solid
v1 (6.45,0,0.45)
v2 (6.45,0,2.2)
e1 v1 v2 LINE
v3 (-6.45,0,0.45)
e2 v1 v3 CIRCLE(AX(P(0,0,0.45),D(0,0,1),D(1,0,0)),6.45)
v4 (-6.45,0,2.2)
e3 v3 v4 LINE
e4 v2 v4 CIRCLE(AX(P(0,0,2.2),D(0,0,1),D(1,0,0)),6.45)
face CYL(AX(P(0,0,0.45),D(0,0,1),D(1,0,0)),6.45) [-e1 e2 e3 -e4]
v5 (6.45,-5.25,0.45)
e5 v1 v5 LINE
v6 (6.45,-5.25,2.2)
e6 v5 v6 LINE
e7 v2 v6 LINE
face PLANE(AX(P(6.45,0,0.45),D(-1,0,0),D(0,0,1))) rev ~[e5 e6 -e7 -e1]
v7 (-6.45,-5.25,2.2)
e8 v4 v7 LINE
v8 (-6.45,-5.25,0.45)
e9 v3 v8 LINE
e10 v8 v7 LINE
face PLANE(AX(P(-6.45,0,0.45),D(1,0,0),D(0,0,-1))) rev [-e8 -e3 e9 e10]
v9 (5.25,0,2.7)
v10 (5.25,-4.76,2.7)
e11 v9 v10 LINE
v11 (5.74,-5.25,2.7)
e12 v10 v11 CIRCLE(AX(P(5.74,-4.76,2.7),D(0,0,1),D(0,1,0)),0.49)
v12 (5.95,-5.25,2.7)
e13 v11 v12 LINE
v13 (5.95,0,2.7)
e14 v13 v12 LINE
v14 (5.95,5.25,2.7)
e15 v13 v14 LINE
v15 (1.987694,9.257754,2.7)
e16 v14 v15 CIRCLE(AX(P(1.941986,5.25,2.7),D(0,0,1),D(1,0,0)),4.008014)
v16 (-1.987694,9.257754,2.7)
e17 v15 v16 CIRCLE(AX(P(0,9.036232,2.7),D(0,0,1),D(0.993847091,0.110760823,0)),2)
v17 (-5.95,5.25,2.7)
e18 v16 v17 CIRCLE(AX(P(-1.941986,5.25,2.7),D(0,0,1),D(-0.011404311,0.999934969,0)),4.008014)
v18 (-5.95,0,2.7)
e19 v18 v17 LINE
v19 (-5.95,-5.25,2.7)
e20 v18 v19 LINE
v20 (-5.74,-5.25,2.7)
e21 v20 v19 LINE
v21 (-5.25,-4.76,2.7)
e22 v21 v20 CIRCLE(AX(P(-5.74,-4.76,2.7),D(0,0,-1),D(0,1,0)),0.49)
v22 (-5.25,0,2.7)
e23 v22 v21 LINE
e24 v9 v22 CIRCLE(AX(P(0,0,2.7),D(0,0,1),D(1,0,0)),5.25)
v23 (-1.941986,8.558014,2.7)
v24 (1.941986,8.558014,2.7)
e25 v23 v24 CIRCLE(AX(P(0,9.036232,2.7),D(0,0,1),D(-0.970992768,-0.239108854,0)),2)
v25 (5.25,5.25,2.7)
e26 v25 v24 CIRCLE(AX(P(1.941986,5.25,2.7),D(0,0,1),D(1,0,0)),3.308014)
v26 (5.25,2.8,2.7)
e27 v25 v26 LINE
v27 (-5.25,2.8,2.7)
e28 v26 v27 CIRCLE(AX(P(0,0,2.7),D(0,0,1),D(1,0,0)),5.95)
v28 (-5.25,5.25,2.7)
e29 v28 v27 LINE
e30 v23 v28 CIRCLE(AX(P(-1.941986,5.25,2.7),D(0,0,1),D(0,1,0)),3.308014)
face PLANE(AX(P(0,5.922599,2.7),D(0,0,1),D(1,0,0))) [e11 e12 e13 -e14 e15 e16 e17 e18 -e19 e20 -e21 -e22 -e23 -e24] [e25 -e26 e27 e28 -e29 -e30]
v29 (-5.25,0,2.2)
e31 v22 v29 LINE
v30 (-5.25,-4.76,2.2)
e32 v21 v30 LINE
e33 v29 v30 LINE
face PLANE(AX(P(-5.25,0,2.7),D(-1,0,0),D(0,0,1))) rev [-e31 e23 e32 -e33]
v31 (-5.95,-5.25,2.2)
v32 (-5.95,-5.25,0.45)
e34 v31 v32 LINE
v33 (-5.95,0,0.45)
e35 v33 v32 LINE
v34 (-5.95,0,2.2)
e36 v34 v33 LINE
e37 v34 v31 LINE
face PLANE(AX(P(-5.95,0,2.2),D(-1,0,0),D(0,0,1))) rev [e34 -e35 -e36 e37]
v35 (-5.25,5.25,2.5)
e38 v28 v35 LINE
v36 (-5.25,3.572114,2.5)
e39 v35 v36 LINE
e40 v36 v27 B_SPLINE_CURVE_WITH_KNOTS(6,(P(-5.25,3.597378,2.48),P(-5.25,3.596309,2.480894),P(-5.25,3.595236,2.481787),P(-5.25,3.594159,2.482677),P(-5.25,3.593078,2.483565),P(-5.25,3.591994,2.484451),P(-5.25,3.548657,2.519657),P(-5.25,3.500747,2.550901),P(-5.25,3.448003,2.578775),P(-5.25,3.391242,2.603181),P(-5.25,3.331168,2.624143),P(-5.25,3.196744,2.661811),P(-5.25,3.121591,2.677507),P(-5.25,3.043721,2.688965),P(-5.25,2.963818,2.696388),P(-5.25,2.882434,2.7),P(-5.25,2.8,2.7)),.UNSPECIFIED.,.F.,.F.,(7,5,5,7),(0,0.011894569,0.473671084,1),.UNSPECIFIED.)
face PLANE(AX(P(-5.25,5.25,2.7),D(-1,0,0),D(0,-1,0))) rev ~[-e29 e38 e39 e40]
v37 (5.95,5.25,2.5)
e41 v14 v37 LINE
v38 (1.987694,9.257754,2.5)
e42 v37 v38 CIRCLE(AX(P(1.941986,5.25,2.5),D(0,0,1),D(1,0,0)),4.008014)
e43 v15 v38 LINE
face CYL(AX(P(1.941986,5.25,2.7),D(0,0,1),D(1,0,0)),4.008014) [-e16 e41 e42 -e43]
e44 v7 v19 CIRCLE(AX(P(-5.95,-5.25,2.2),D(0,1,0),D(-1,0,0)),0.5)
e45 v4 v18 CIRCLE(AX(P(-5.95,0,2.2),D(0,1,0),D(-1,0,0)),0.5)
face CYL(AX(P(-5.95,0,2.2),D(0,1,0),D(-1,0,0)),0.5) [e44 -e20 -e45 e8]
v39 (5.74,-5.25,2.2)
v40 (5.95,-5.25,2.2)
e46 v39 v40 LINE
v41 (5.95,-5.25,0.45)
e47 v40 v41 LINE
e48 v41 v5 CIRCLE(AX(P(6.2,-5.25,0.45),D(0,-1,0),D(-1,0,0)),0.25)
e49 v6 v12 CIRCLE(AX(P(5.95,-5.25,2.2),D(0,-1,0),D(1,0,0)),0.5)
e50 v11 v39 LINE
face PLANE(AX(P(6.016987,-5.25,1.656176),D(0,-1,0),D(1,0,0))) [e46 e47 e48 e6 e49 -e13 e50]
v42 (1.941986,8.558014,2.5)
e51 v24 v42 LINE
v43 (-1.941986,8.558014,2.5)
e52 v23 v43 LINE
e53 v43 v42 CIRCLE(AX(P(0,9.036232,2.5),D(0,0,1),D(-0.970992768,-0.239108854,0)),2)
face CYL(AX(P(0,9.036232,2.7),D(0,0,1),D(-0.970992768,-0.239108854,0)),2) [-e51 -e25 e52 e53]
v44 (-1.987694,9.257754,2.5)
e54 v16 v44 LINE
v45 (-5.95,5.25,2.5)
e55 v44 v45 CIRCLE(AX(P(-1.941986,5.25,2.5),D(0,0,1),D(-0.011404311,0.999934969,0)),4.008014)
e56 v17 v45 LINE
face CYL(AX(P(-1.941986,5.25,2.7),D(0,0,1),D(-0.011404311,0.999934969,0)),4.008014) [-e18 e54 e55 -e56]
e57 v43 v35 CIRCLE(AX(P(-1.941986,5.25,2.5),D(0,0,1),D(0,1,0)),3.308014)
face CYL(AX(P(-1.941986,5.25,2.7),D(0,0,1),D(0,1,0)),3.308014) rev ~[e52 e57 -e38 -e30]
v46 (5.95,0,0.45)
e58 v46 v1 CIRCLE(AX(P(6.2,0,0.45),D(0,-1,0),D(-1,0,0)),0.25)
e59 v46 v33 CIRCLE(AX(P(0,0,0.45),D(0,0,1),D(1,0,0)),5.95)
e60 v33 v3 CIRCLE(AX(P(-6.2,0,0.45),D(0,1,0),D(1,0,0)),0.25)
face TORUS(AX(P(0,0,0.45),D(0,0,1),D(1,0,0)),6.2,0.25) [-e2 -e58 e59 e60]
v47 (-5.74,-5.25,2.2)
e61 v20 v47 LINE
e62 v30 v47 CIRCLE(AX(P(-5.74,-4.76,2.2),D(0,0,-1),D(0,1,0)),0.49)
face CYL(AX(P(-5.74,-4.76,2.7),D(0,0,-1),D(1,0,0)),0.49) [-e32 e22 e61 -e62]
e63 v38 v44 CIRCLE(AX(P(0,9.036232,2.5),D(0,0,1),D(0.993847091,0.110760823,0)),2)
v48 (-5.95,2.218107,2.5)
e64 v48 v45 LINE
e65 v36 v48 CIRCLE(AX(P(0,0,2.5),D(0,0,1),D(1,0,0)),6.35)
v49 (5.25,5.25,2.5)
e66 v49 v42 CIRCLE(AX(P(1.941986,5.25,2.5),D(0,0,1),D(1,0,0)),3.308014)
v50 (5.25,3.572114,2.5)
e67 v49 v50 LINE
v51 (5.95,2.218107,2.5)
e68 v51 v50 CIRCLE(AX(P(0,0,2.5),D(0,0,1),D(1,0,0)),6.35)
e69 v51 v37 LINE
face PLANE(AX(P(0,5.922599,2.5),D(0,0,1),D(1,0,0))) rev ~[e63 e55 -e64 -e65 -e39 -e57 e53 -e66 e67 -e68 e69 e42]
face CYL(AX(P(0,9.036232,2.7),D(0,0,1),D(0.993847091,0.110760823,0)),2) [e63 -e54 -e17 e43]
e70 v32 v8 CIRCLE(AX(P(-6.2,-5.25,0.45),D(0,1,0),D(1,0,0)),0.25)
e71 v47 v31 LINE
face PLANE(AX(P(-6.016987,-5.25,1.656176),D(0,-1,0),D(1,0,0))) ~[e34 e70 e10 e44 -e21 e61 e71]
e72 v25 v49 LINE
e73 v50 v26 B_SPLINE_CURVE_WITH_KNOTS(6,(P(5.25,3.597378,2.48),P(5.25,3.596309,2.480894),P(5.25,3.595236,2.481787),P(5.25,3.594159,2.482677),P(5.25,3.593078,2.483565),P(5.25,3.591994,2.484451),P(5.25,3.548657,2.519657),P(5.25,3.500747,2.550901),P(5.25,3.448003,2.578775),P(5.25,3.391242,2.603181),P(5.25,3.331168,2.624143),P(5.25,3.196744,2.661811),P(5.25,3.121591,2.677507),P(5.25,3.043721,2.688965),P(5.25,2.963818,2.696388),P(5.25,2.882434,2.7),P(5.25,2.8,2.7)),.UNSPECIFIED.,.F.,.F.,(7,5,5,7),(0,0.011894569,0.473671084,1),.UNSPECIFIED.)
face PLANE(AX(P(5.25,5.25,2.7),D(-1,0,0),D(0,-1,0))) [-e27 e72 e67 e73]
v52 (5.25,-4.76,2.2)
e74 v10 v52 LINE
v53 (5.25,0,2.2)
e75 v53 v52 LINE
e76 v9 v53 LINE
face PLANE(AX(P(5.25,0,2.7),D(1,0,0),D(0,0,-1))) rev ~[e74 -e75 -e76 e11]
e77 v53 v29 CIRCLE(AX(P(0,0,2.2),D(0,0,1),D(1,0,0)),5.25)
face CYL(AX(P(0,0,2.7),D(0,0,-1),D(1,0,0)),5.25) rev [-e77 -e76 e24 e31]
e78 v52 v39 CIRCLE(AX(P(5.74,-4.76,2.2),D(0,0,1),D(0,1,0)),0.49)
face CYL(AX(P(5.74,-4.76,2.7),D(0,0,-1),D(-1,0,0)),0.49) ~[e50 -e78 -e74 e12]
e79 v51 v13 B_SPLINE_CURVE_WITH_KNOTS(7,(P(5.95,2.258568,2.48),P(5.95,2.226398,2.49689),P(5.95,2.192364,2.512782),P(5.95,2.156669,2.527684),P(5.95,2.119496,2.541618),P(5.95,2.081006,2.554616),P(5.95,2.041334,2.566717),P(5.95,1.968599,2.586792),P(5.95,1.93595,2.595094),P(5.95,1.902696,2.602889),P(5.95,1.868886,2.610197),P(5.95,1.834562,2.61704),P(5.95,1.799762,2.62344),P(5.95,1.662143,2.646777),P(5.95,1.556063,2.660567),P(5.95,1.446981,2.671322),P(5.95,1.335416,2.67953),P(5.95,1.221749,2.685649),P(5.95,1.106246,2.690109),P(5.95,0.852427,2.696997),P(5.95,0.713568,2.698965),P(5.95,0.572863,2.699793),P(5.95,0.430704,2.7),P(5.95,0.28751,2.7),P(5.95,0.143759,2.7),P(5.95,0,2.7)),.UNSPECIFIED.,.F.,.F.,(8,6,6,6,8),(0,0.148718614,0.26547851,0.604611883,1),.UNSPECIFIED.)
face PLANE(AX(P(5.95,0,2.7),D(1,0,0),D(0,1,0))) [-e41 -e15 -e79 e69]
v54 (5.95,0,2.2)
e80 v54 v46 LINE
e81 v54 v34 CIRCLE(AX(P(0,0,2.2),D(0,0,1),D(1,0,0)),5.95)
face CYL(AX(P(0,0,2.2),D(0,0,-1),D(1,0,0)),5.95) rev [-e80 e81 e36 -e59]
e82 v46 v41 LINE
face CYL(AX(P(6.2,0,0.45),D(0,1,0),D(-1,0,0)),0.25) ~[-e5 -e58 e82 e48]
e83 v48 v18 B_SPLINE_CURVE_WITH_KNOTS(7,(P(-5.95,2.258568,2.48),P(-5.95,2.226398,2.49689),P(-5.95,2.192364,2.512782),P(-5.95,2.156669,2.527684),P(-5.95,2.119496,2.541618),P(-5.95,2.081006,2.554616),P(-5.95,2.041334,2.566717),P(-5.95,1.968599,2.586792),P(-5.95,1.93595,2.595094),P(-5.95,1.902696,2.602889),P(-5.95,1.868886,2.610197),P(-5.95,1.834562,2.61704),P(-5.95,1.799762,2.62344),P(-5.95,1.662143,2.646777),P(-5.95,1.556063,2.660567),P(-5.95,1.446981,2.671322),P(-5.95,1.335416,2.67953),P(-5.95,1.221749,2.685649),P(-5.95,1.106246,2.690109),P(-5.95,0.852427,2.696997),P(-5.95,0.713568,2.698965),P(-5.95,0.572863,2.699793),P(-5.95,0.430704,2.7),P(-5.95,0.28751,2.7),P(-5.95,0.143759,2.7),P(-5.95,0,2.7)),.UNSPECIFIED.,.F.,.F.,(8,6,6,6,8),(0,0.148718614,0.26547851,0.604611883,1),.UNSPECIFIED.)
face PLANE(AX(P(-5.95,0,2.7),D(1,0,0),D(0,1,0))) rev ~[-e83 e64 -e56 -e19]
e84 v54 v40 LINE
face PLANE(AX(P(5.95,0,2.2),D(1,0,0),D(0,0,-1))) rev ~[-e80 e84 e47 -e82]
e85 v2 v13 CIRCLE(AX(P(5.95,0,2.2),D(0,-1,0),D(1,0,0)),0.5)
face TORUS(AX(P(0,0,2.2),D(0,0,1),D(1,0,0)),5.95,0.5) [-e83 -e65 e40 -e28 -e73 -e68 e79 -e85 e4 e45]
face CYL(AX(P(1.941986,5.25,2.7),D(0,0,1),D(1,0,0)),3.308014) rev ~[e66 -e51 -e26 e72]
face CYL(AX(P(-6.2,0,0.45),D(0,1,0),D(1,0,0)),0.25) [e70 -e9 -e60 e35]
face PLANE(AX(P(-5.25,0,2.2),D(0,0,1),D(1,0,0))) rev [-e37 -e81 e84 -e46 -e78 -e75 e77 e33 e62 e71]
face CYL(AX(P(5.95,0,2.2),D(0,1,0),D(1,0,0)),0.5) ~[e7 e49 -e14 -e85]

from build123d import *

# Parameters (mm, degrees)
REVOLUTION003_ANGLE = 180
PAD021_DEPTH        = 5.25
FILLET004_R         = 0.49
PAD022_DEPTH        = 0.2


with BuildPart() as part:
    # Sketch038 → Revolution003 (revolve)
    with BuildSketch(Plane.XZ):
        with BuildLine():
            Line((5.25, 2.7), (5.25, 2.2))
            Line((5.25, 2.2), (5.95, 2.2))
            Line((5.95, 2.2), (5.95, 0.45))
            ThreePointArc((5.95, 0.45), (6.2, 0.2), (6.45, 0.45))
            Line((6.45, 0.45), (6.45, 2.2))
            ThreePointArc((6.45, 2.2), (6.3035533906, 2.5535533906), (5.95, 2.7))
            Line((5.25, 2.7), (5.95, 2.7))
        make_face()
    revolve(axis=Axis((0, 0, 0), (0, 0, 1)), revolution_arc=REVOLUTION003_ANGLE)

    # Sketch038 → Pad021 (new body)
    with BuildSketch(Plane.XZ):
        with BuildLine():
            Line((5.25, 2.7), (5.25, 2.2))
            Line((5.25, 2.2), (5.95, 2.2))
            Line((5.95, 2.2), (5.95, 0.45))
            ThreePointArc((5.95, 0.45), (6.2, 0.2), (6.45, 0.45))
            Line((6.45, 0.45), (6.45, 2.2))
            ThreePointArc((6.45, 2.2), (6.3035533906, 2.5535533906), (5.95, 2.7))
            Line((5.25, 2.7), (5.95, 2.7))
        make_face()
    pad021 = extrude(amount=PAD021_DEPTH)

    # Mirrored: Pad021 across Sketch038 V_Axis
    add(pad021.mirror(Plane(origin=(0, 0, 0), x_dir=(0, -1, 0), z_dir=(1, 0, 0))))

    # Fillet004
    fillet004_edges = [part.edges().sort_by_distance(p)[0] for p in [
        (-5.25, -5.25, 2.45),
        (5.25, -5.25, 2.45),
    ]]
    fillet(fillet004_edges, radius=FILLET004_R)

    # Sketch045 → Pad022 (join)
    with BuildSketch(Plane.XY.offset(2.7)):
        with BuildLine():
            ThreePointArc((-1.9419855366, 8.5580144634), (0, 7.0362321709), (1.9419855366, 8.5580144634))
            ThreePointArc((5.25, 5.25), (4.2811049959, 7.5891194594), (1.9419855366, 8.5580144634))
            Line((5.25, 5.25), (5.25, 2.8))
            ThreePointArc((5.95, 0), (5.7723478759, 1.443086969), (5.25, 2.8))
            Line((5.95, 0), (5.95, 5.25))
            ThreePointArc((5.95, 5.25), (4.7921943754, 8.0678874204), (1.9876941818, 9.2577538171))
            ThreePointArc((1.9876941818, 9.2577538172), (0, 11.0362321709), (-1.9876941818, 9.2577538172))
            ThreePointArc((-1.9876941818, 9.2577538171), (-4.7921943754, 8.0678874204), (-5.95, 5.25))
            Line((-5.95, 0), (-5.95, 5.25))
            ThreePointArc((-5.25, 2.8), (-5.7723478759, 1.443086969), (-5.95, 0))
            Line((-5.25, 5.25), (-5.25, 2.8))
            ThreePointArc((-1.9419855366, 8.5580144634), (-4.2811049959, 7.5891194594), (-5.25, 5.25))
        make_face()
    extrude(amount=-PAD022_DEPTH)


solid = part.part
